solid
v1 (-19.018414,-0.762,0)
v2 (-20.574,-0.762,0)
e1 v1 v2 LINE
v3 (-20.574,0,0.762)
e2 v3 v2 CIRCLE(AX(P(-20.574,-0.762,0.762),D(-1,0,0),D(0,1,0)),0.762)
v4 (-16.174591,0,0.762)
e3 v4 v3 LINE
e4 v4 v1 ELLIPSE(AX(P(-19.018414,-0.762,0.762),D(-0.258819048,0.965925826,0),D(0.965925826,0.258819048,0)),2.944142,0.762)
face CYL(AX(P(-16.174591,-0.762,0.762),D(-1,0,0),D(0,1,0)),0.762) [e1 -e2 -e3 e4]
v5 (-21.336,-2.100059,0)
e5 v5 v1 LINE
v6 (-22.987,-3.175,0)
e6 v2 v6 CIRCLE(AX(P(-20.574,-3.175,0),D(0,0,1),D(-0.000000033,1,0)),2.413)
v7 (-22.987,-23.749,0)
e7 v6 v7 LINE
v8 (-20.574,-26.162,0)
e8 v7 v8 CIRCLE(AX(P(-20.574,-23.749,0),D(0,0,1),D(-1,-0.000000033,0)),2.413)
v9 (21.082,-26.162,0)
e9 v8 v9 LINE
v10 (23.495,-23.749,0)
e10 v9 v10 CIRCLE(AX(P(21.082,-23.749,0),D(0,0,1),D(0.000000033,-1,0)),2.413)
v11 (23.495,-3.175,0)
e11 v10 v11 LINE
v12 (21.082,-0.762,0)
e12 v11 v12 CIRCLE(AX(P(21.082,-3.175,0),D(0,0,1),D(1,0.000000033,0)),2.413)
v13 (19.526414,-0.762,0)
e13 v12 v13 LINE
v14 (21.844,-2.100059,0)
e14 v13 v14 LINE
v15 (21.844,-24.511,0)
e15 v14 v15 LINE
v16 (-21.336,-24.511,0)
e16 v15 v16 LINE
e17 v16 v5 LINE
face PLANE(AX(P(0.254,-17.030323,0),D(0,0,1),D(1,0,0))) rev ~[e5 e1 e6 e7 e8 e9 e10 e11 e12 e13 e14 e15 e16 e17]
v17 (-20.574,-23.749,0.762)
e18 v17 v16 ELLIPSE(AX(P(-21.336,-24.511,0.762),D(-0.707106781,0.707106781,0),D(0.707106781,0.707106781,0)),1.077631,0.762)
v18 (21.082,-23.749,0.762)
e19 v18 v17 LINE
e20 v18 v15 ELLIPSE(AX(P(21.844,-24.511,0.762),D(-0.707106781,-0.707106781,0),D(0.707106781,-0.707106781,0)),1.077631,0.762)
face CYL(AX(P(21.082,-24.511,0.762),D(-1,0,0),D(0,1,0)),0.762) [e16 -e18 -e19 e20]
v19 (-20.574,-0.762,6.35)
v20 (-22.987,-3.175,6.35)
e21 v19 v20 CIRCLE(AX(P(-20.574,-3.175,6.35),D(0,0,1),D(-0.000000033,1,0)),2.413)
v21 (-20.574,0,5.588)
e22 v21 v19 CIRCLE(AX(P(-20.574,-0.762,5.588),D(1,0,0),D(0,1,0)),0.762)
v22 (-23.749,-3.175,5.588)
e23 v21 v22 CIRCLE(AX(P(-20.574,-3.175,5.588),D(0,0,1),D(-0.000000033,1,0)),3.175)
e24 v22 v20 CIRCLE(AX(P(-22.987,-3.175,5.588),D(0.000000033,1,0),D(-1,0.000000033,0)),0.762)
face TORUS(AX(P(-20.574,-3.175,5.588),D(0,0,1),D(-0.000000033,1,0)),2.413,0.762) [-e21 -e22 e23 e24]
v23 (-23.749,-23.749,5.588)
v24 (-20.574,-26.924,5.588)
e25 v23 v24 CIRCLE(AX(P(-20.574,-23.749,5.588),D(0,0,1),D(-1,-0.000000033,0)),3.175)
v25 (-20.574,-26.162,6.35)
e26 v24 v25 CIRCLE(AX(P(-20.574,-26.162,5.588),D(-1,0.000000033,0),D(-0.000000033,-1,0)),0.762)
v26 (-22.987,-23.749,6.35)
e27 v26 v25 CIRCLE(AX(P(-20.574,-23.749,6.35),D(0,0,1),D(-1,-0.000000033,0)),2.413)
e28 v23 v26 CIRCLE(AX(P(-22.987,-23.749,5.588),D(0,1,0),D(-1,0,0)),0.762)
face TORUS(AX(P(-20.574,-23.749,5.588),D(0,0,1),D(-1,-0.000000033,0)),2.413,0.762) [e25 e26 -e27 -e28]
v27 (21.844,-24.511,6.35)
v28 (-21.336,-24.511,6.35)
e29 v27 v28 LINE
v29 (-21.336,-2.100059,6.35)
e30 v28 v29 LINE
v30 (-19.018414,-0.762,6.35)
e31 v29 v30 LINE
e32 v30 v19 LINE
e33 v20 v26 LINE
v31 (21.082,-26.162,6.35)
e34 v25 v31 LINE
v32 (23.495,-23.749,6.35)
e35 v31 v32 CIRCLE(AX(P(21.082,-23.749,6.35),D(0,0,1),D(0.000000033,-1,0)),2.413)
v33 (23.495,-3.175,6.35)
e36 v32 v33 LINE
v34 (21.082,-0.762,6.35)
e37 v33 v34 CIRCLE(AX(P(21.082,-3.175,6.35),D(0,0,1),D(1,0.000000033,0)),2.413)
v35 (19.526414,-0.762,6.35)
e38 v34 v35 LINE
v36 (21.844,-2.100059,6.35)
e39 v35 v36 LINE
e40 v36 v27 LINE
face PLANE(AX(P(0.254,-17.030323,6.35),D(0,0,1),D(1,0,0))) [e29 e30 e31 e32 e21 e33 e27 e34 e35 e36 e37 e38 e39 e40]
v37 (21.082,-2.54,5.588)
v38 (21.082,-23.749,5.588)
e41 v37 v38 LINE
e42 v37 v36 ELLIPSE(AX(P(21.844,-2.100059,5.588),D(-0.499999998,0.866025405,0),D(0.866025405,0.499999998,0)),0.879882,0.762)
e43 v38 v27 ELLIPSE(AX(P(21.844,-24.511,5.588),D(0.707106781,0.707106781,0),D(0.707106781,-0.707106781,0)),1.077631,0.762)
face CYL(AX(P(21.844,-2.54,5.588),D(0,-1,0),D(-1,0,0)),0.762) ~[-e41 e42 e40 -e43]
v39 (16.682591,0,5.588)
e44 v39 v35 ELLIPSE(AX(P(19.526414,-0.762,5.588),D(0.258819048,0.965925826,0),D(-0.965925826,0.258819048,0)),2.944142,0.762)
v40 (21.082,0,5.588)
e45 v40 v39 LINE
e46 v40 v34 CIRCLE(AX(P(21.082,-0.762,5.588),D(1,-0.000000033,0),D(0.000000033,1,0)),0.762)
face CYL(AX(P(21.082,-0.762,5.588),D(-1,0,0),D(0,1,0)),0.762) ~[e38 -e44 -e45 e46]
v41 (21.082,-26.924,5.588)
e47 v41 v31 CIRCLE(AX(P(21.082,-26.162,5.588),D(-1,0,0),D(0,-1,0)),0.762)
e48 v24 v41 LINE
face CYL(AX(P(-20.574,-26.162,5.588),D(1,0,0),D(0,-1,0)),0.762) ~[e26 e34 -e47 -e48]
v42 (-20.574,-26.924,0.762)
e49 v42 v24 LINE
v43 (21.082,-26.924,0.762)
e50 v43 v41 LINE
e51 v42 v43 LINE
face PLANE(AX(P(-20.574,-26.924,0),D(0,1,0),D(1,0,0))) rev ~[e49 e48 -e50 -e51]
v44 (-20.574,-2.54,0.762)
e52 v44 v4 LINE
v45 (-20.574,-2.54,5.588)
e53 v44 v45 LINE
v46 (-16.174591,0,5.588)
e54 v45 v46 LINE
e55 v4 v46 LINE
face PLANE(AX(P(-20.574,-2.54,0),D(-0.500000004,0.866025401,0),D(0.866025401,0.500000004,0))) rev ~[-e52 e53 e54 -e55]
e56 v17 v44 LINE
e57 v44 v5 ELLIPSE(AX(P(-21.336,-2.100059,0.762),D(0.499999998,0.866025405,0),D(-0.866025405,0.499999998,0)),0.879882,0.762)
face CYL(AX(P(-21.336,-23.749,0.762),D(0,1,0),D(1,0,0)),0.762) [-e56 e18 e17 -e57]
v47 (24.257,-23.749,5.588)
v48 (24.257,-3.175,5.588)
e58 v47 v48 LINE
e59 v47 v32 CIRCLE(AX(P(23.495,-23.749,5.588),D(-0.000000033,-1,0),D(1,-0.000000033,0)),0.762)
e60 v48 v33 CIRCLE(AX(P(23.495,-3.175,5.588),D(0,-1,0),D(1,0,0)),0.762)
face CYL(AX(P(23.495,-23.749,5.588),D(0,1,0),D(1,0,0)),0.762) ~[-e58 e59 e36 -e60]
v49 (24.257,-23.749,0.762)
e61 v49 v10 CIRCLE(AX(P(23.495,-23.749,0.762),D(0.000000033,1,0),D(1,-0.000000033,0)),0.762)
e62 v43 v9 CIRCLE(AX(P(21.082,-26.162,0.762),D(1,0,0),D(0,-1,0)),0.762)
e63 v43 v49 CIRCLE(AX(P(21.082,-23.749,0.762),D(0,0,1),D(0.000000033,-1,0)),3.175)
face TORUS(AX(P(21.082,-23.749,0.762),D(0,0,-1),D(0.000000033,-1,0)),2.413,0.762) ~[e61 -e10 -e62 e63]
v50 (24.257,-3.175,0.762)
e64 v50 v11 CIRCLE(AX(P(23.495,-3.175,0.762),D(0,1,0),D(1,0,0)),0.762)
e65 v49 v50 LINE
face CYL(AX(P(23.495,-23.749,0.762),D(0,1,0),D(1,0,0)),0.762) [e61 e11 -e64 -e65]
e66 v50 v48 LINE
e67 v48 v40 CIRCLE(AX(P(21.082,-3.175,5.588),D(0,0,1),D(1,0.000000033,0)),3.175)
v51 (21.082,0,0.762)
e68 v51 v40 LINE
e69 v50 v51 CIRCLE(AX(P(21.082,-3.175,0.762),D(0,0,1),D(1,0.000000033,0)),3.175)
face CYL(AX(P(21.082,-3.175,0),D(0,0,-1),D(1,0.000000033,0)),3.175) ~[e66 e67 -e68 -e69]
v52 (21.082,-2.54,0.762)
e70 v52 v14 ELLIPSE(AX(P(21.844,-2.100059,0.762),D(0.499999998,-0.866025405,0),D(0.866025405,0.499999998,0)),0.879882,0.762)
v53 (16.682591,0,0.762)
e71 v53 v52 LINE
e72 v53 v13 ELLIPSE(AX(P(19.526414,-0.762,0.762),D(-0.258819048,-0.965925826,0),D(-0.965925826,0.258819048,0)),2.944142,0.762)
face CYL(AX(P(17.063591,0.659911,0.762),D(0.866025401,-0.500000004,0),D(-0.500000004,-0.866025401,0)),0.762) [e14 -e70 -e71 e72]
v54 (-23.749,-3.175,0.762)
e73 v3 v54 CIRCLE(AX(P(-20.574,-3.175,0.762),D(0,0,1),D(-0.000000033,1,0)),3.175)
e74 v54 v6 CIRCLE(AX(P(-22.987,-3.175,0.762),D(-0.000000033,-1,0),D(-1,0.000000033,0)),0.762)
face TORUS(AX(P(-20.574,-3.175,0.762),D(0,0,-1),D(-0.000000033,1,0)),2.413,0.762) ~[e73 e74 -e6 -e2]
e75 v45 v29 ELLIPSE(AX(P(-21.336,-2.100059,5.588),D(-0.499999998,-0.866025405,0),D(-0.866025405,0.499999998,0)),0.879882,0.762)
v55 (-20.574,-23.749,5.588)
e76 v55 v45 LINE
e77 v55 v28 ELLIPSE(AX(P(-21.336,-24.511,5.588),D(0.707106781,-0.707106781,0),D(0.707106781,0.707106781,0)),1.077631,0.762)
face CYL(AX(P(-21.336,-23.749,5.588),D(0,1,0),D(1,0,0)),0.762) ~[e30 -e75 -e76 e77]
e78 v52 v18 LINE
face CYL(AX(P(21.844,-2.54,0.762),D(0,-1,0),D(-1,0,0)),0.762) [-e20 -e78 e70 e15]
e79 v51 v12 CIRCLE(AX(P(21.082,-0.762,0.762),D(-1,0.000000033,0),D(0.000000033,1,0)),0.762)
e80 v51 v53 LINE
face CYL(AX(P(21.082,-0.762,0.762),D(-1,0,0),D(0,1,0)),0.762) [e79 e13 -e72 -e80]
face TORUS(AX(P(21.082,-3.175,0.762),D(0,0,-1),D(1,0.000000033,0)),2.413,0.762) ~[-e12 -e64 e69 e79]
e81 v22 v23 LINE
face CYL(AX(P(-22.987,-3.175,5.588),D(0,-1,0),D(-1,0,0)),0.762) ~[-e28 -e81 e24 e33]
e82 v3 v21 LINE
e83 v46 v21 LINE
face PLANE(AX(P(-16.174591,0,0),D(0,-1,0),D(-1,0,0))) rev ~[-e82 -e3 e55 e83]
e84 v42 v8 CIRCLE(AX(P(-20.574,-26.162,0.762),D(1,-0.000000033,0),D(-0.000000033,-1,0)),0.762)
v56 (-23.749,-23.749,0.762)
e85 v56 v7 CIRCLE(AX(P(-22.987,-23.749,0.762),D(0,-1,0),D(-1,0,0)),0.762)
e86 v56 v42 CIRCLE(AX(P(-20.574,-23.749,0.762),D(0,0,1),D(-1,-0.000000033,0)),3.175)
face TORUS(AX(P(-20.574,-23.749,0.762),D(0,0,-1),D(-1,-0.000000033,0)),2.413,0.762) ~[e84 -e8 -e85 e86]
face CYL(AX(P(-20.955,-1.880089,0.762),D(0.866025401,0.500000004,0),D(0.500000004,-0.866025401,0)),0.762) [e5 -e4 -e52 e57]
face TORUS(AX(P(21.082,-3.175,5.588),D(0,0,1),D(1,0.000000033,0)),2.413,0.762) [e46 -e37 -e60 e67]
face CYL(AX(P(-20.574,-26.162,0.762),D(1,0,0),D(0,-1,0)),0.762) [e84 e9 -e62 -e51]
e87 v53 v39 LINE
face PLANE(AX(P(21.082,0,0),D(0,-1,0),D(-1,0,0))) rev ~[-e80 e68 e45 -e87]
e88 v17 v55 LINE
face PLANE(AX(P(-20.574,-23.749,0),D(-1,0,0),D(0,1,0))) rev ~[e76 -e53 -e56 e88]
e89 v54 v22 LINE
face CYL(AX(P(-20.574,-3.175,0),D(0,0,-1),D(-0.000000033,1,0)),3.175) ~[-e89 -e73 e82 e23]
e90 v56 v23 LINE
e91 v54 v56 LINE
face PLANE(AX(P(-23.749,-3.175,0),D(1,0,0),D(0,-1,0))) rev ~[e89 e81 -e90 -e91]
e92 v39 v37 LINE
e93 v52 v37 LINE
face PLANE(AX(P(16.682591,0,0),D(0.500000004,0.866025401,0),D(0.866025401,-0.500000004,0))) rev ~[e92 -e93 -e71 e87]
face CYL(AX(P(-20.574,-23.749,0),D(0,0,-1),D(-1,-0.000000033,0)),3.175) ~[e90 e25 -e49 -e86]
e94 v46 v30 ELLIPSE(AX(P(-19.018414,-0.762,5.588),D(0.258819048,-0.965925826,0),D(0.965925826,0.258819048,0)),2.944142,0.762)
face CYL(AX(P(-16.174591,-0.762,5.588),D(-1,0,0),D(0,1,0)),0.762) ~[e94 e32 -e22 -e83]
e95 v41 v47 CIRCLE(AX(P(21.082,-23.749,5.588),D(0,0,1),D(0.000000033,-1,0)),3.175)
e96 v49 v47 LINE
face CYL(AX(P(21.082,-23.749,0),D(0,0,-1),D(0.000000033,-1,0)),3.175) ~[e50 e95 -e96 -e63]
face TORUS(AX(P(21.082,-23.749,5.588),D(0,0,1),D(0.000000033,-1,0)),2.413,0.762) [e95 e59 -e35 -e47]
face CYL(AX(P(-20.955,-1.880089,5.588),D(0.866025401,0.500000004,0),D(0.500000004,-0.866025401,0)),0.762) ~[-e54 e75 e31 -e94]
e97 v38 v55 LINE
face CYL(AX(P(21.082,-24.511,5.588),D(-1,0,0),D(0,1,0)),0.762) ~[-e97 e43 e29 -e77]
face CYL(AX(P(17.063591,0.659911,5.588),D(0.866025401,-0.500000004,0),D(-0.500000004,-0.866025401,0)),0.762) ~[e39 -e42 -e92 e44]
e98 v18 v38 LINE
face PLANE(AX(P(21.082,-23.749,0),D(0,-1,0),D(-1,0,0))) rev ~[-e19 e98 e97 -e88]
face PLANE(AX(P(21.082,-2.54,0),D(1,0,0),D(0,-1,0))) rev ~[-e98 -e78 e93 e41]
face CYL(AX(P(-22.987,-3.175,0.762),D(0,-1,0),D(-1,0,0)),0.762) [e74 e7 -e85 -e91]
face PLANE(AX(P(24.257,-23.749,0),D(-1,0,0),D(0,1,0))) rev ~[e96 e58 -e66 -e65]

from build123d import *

# Parameters (mm, degrees)
F1_DEPTH = 6.35
F2_R     = 0.762


with BuildPart() as f1:
    # F0 (on Top) → F1 (new body)
    with BuildSketch(Plane.XY):
        with BuildLine():
            Line((-20.574, -2.54), (-16.174591, 0))
            Line((-16.174591, 0), (-20.574, 0))
            ThreePointArc((-20.574, 0), (-22.819064, -0.929936), (-23.749, -3.175))
            Line((-23.749, -3.175), (-23.749, -23.749))
            ThreePointArc((-23.749, -23.749), (-22.819064, -25.994064), (-20.574, -26.924))
            Line((-20.574, -26.924), (21.082, -26.924))
            ThreePointArc((21.082, -26.924), (23.327064, -25.994064), (24.257, -23.749))
            Line((24.257, -23.749), (24.257, -3.175))
            ThreePointArc((24.257, -3.175), (23.327064, -0.929936), (21.082, 0))
            Line((21.082, 0), (16.682591, 0))
            Line((16.682591, 0), (21.082, -2.54))
            Line((21.082, -2.54), (21.082, -23.749))
            Line((21.082, -23.749), (-20.574, -23.749))
            Line((-20.574, -23.749), (-20.574, -2.54))
        make_face()
    extrude(amount=F1_DEPTH)

    # F2
    f2_edges = [f1.edges().sort_by_distance(p)[0] for p in [
        (-20.574, -13.1445, 6.35),
        (-18.374295, -1.27, 6.35),
        (-18.374295, 0, 6.35),
        (-22.819064, -0.929936, 6.35),
        (-23.749, -13.462, 6.35),
        (-22.819064, -25.994064, 6.35),
        (0.254, -26.924, 6.35),
        (23.327064, -25.994064, 6.35),
        (24.257, -13.462, 6.35),
        (23.327064, -0.929936, 6.35),
        (18.882295, 0, 6.35),
        (18.882295, -1.27, 6.35),
        (21.082, -13.1445, 6.35),
        (0.254, -23.749, 6.35),
        (-20.574, -13.1445, 0),
        (-18.374295, -1.27, 0),
        (-18.374295, 0, 0),
        (-22.819064, -0.929936, 0),
        (-23.749, -13.462, 0),
        (-22.819064, -25.994064, 0),
        (0.254, -26.924, 0),
        (23.327064, -25.994064, 0),
        (24.257, -13.462, 0),
        (23.327064, -0.929936, 0),
        (18.882295, 0, 0),
        (18.882295, -1.27, 0),
        (21.082, -13.1445, 0),
        (0.254, -23.749, 0),
    ]]
    fillet(f2_edges, radius=F2_R)


solid = f1.part
